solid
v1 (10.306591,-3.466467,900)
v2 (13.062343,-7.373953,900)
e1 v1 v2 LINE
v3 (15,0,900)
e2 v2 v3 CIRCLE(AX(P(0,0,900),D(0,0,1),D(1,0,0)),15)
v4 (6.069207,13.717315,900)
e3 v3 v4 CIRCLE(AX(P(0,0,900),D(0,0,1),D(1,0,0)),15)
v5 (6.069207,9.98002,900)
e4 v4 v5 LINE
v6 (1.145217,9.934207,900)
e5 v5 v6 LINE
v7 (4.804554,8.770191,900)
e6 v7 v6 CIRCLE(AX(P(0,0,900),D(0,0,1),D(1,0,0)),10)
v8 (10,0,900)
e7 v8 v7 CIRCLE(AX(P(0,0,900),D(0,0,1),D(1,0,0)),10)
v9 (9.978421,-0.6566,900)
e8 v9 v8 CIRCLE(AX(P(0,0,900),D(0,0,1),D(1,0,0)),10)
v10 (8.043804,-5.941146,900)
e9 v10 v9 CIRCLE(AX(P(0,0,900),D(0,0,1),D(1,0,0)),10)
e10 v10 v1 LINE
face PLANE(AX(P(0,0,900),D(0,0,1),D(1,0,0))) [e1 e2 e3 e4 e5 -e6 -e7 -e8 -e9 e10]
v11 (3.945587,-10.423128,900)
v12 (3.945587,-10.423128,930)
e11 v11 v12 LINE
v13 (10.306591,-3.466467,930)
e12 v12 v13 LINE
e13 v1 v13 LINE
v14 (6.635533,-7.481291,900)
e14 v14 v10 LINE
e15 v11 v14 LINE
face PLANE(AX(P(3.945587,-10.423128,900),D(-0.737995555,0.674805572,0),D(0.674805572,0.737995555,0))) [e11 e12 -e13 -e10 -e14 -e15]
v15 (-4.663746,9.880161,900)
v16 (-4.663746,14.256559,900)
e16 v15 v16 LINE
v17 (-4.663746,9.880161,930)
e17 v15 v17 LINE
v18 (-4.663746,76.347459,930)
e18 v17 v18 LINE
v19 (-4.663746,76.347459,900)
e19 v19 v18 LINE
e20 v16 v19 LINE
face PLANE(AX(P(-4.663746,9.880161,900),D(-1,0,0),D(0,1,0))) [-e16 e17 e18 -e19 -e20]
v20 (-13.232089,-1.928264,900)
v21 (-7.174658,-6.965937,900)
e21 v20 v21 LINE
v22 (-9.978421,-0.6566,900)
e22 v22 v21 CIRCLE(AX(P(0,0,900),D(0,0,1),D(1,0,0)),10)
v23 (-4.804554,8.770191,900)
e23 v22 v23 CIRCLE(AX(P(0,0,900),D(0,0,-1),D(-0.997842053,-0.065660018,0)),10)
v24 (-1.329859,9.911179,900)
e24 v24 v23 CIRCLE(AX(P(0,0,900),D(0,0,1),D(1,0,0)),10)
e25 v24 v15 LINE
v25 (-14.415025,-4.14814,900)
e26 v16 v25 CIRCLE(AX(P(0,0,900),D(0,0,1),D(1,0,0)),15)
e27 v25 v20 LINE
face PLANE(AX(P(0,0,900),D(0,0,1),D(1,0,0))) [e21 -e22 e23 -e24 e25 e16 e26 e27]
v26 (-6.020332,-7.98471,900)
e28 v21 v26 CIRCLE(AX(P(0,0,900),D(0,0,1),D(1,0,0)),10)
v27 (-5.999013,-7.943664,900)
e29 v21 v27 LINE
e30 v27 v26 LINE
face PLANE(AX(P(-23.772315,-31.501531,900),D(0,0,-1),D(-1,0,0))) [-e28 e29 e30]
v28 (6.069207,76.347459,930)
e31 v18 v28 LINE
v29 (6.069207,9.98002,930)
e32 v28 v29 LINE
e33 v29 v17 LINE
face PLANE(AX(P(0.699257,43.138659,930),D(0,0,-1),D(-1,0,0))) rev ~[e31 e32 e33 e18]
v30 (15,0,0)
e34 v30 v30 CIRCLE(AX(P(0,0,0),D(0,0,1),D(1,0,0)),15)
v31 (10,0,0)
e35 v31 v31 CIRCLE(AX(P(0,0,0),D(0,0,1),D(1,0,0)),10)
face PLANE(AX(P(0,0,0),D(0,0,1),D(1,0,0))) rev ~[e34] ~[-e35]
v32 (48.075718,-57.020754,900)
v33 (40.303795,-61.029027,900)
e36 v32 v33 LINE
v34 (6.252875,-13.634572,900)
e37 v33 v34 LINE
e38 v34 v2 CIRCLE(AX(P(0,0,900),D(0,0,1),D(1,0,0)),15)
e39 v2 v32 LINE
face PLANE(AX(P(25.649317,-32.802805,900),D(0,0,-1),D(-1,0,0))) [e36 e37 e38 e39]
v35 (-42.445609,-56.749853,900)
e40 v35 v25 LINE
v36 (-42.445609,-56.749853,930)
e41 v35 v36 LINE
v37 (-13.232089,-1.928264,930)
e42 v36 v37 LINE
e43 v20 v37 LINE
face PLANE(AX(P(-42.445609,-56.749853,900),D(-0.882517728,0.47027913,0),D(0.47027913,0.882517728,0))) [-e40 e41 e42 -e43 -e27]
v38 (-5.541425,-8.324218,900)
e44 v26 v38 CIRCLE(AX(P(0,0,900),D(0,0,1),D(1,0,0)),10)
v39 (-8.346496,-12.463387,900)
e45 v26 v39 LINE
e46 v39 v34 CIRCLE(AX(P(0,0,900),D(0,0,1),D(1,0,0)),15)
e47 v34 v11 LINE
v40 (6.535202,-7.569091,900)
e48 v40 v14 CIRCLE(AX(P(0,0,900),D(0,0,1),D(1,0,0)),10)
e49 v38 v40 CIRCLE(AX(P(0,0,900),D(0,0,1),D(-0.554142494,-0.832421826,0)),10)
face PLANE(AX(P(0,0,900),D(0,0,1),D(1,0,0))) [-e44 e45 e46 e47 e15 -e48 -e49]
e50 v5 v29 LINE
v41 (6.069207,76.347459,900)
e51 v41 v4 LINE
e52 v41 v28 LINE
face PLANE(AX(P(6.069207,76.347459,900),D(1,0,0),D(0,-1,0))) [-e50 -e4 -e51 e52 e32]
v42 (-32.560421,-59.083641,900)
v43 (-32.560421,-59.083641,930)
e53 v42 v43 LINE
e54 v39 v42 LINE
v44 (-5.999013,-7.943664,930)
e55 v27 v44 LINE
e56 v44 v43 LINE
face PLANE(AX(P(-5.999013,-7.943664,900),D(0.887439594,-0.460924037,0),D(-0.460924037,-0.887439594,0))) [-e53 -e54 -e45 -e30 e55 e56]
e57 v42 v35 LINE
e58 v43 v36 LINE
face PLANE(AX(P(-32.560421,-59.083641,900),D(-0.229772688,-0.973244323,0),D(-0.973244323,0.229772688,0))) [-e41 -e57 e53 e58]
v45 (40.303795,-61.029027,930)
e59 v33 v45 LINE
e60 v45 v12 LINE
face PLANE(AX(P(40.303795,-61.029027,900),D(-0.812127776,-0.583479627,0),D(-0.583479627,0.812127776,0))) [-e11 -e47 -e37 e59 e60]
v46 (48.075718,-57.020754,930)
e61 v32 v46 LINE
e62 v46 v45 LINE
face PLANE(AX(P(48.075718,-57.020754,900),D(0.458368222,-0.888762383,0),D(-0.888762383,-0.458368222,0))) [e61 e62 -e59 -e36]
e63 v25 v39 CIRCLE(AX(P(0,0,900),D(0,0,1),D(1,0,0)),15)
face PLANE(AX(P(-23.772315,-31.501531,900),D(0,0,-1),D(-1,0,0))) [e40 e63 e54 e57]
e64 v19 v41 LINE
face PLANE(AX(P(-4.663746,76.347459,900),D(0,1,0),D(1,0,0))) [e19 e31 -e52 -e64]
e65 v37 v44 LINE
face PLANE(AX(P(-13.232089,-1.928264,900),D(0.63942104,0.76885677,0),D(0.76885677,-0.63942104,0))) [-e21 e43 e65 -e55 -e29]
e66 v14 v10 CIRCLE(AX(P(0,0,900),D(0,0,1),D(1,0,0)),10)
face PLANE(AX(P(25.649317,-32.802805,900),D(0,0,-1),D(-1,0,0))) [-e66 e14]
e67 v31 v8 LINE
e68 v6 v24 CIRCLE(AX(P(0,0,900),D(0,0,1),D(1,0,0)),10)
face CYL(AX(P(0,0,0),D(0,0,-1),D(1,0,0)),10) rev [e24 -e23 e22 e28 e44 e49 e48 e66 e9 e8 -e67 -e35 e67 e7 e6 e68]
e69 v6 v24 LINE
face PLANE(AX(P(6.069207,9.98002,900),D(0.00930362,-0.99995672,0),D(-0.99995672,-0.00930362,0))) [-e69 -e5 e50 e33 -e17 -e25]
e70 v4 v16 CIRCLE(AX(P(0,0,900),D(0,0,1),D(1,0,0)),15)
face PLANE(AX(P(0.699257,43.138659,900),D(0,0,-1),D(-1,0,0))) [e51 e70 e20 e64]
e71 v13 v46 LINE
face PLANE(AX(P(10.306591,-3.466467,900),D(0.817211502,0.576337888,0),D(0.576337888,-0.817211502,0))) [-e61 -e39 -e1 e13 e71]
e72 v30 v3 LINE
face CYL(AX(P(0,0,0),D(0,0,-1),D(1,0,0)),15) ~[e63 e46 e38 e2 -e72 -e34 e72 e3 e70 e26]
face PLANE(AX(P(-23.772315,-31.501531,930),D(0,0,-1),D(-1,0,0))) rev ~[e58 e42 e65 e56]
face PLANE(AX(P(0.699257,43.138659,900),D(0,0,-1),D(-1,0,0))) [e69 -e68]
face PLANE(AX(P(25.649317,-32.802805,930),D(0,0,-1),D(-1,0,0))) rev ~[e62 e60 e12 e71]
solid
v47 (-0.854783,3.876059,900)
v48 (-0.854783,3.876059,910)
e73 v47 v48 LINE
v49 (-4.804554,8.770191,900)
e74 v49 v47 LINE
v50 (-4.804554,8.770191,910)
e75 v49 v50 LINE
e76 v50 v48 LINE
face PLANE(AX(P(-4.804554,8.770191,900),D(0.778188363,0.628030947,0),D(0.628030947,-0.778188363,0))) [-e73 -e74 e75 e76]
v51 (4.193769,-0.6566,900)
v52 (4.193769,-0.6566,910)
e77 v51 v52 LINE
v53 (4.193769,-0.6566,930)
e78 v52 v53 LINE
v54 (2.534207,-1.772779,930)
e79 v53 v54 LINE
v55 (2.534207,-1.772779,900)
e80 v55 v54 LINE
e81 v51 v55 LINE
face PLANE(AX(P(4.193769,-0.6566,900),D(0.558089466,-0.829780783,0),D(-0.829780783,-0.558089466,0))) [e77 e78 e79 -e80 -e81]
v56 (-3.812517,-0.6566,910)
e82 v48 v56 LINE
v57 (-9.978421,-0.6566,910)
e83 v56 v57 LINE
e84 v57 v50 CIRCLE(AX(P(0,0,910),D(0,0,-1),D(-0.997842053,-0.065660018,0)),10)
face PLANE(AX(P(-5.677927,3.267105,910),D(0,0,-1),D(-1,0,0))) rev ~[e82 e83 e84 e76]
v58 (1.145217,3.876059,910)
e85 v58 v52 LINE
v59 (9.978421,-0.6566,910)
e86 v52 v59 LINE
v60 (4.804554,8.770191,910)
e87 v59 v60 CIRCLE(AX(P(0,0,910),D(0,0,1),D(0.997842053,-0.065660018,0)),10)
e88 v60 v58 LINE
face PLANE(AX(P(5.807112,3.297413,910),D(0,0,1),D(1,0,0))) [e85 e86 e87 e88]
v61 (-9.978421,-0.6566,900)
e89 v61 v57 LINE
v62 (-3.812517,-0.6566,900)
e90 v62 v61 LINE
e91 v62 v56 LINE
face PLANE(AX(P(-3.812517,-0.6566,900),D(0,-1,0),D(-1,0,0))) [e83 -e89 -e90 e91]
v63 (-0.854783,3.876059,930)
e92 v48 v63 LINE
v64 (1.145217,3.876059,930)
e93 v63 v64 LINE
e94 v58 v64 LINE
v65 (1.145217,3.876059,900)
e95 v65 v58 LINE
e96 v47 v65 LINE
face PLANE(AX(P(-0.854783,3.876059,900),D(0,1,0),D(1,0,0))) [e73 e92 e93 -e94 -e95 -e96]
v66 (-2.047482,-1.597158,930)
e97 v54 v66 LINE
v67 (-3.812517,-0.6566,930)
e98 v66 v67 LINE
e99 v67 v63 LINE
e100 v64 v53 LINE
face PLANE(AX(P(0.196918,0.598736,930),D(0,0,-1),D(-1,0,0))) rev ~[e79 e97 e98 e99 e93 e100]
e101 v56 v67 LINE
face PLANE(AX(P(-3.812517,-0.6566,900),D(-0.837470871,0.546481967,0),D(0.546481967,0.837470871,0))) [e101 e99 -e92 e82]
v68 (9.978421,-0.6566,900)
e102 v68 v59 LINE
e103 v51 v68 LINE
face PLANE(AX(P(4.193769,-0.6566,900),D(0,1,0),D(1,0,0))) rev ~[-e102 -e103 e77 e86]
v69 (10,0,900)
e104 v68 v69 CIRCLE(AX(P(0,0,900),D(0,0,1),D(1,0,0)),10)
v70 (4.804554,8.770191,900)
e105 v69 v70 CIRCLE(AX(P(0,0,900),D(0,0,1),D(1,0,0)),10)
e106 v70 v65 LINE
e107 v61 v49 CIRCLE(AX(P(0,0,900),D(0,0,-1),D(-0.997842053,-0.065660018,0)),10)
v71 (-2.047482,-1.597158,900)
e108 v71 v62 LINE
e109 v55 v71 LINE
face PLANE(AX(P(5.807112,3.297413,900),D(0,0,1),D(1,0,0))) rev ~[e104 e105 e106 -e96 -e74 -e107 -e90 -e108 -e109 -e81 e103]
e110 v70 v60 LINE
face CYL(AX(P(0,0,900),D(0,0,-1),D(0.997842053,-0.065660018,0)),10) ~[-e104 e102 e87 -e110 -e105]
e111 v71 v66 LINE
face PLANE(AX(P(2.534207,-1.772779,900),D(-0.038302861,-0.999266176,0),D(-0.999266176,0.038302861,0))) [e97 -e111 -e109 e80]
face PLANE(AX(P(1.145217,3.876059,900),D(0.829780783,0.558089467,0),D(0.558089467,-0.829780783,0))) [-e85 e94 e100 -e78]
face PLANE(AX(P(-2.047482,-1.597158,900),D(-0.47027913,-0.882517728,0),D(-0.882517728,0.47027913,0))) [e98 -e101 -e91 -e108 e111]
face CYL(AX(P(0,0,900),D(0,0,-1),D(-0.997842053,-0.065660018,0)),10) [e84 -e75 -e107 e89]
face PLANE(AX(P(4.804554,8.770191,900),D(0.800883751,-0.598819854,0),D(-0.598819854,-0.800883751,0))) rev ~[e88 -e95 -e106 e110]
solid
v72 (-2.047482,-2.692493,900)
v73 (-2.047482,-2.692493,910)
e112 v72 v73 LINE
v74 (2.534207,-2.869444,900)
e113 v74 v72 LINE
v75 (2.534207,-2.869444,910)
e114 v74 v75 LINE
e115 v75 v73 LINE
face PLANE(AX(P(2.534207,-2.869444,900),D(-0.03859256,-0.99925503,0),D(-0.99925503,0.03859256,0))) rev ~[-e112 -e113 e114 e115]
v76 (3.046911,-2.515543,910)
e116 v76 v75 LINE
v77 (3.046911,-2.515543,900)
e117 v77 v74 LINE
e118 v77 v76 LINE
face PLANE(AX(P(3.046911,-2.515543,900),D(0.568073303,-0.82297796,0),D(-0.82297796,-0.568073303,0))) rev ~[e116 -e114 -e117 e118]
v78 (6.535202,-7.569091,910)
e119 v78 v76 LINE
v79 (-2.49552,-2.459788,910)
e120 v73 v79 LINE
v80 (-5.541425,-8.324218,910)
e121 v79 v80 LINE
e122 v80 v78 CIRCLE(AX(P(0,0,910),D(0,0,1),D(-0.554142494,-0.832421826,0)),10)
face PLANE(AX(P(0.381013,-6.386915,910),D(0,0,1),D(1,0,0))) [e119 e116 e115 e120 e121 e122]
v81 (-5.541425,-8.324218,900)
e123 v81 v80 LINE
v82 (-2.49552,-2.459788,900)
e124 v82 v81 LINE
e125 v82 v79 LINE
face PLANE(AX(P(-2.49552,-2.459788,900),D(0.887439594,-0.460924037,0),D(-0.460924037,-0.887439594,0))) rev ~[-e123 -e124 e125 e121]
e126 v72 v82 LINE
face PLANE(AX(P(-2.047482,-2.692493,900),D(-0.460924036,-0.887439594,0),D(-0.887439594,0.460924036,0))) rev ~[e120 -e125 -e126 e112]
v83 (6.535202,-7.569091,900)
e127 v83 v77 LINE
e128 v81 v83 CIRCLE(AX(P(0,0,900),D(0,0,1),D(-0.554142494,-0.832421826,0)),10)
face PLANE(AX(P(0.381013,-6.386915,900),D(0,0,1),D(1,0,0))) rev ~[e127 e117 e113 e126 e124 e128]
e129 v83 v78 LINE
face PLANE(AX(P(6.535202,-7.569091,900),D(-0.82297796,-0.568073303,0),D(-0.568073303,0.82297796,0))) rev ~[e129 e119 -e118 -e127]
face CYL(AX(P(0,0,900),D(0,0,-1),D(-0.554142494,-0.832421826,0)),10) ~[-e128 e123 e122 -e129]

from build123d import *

# Parameters (mm, degrees)
SKETCH1_R           = 15
SKETCH1_R_2         = 10
BOSS_EXTRUDE1_DEPTH = 900
BOSS_EXTRUDE2_DEPTH = 30
BOSS_EXTRUDE4_DEPTH = 10


with BuildPart() as part:
    # Sketch1 → Boss-Extrude1 (new body)
    with BuildSketch(Plane.XY):
        Circle(SKETCH1_R)
        Circle(SKETCH1_R_2, mode=Mode.SUBTRACT)
    extrude(amount=BOSS_EXTRUDE1_DEPTH)

    # Sketch2 → Boss-Extrude2 (add)
    with BuildSketch(Plane.XY.offset(900)):
        Polygon((-0.85478257, 3.876059116), (1.14521743, 3.876059116), (4.19376888, -0.656600178), (2.534207314, -1.772779111), (-2.047481707, -1.597158437), (-3.812517163, -0.656600178), align=None)
        Polygon((-4.663745729, 9.880160695), (-4.663745729, 76.347459395), (6.069206624, 76.347459395), (6.069206624, 9.980020324), align=None)
        Polygon((10.306591378, -3.466467261), (48.075717555, -57.020753709), (40.303795306, -61.029026621), (3.945586725, -10.423127604), align=None)
        Polygon((-5.999013415, -7.943664027), (-32.560420893, -59.083641078), (-42.445609172, -56.749852712), (-13.232089487, -1.928264015), align=None)
    extrude(amount=BOSS_EXTRUDE2_DEPTH)

    # Sketch3 → Boss-Extrude4 (add)
    with BuildSketch(Plane.XY.offset(900)):
        with BuildLine():
            Line((4.19376888, -0.656600178), (9.978420527, -0.656600178))
            ThreePointArc((9.978420527, -0.656600178), (8.766423841, 4.811425261), (4.804554447, 8.770191364))
            Line((4.804554447, 8.770191364), (1.14521743, 3.876059116))
            Line((1.14521743, 3.876059116), (4.19376888, -0.656600178))
        make_face()
        with BuildLine():
            Line((-2.495519996, -2.45978847), (-5.541424945, -8.324218256))
            ThreePointArc((-5.541424945, -8.324218256), (0.624061097, -9.980508391), (6.535201584, -7.569091112))
            Line((6.535201584, -7.569091112), (3.04691128, -2.515542521))
            Line((3.04691128, -2.515542521), (2.534207314, -2.869444387))
            Line((2.534207314, -2.869444387), (-2.047481707, -2.692493454))
            Line((-2.047481707, -2.692493454), (-2.495519996, -2.45978847))
        make_face()
        with BuildLine():
            Line((-0.85478257, 3.876059116), (-3.812517163, -0.656600178))
            Line((-3.812517163, -0.656600178), (-9.978420527, -0.656600178))
            ThreePointArc((-9.978420527, -0.656600178), (-8.766423841, 4.811425261), (-4.804554447, 8.770191364))
            Line((-4.804554447, 8.770191364), (-0.85478257, 3.876059116))
        make_face()
    extrude(amount=BOSS_EXTRUDE4_DEPTH)


solid = part.part
